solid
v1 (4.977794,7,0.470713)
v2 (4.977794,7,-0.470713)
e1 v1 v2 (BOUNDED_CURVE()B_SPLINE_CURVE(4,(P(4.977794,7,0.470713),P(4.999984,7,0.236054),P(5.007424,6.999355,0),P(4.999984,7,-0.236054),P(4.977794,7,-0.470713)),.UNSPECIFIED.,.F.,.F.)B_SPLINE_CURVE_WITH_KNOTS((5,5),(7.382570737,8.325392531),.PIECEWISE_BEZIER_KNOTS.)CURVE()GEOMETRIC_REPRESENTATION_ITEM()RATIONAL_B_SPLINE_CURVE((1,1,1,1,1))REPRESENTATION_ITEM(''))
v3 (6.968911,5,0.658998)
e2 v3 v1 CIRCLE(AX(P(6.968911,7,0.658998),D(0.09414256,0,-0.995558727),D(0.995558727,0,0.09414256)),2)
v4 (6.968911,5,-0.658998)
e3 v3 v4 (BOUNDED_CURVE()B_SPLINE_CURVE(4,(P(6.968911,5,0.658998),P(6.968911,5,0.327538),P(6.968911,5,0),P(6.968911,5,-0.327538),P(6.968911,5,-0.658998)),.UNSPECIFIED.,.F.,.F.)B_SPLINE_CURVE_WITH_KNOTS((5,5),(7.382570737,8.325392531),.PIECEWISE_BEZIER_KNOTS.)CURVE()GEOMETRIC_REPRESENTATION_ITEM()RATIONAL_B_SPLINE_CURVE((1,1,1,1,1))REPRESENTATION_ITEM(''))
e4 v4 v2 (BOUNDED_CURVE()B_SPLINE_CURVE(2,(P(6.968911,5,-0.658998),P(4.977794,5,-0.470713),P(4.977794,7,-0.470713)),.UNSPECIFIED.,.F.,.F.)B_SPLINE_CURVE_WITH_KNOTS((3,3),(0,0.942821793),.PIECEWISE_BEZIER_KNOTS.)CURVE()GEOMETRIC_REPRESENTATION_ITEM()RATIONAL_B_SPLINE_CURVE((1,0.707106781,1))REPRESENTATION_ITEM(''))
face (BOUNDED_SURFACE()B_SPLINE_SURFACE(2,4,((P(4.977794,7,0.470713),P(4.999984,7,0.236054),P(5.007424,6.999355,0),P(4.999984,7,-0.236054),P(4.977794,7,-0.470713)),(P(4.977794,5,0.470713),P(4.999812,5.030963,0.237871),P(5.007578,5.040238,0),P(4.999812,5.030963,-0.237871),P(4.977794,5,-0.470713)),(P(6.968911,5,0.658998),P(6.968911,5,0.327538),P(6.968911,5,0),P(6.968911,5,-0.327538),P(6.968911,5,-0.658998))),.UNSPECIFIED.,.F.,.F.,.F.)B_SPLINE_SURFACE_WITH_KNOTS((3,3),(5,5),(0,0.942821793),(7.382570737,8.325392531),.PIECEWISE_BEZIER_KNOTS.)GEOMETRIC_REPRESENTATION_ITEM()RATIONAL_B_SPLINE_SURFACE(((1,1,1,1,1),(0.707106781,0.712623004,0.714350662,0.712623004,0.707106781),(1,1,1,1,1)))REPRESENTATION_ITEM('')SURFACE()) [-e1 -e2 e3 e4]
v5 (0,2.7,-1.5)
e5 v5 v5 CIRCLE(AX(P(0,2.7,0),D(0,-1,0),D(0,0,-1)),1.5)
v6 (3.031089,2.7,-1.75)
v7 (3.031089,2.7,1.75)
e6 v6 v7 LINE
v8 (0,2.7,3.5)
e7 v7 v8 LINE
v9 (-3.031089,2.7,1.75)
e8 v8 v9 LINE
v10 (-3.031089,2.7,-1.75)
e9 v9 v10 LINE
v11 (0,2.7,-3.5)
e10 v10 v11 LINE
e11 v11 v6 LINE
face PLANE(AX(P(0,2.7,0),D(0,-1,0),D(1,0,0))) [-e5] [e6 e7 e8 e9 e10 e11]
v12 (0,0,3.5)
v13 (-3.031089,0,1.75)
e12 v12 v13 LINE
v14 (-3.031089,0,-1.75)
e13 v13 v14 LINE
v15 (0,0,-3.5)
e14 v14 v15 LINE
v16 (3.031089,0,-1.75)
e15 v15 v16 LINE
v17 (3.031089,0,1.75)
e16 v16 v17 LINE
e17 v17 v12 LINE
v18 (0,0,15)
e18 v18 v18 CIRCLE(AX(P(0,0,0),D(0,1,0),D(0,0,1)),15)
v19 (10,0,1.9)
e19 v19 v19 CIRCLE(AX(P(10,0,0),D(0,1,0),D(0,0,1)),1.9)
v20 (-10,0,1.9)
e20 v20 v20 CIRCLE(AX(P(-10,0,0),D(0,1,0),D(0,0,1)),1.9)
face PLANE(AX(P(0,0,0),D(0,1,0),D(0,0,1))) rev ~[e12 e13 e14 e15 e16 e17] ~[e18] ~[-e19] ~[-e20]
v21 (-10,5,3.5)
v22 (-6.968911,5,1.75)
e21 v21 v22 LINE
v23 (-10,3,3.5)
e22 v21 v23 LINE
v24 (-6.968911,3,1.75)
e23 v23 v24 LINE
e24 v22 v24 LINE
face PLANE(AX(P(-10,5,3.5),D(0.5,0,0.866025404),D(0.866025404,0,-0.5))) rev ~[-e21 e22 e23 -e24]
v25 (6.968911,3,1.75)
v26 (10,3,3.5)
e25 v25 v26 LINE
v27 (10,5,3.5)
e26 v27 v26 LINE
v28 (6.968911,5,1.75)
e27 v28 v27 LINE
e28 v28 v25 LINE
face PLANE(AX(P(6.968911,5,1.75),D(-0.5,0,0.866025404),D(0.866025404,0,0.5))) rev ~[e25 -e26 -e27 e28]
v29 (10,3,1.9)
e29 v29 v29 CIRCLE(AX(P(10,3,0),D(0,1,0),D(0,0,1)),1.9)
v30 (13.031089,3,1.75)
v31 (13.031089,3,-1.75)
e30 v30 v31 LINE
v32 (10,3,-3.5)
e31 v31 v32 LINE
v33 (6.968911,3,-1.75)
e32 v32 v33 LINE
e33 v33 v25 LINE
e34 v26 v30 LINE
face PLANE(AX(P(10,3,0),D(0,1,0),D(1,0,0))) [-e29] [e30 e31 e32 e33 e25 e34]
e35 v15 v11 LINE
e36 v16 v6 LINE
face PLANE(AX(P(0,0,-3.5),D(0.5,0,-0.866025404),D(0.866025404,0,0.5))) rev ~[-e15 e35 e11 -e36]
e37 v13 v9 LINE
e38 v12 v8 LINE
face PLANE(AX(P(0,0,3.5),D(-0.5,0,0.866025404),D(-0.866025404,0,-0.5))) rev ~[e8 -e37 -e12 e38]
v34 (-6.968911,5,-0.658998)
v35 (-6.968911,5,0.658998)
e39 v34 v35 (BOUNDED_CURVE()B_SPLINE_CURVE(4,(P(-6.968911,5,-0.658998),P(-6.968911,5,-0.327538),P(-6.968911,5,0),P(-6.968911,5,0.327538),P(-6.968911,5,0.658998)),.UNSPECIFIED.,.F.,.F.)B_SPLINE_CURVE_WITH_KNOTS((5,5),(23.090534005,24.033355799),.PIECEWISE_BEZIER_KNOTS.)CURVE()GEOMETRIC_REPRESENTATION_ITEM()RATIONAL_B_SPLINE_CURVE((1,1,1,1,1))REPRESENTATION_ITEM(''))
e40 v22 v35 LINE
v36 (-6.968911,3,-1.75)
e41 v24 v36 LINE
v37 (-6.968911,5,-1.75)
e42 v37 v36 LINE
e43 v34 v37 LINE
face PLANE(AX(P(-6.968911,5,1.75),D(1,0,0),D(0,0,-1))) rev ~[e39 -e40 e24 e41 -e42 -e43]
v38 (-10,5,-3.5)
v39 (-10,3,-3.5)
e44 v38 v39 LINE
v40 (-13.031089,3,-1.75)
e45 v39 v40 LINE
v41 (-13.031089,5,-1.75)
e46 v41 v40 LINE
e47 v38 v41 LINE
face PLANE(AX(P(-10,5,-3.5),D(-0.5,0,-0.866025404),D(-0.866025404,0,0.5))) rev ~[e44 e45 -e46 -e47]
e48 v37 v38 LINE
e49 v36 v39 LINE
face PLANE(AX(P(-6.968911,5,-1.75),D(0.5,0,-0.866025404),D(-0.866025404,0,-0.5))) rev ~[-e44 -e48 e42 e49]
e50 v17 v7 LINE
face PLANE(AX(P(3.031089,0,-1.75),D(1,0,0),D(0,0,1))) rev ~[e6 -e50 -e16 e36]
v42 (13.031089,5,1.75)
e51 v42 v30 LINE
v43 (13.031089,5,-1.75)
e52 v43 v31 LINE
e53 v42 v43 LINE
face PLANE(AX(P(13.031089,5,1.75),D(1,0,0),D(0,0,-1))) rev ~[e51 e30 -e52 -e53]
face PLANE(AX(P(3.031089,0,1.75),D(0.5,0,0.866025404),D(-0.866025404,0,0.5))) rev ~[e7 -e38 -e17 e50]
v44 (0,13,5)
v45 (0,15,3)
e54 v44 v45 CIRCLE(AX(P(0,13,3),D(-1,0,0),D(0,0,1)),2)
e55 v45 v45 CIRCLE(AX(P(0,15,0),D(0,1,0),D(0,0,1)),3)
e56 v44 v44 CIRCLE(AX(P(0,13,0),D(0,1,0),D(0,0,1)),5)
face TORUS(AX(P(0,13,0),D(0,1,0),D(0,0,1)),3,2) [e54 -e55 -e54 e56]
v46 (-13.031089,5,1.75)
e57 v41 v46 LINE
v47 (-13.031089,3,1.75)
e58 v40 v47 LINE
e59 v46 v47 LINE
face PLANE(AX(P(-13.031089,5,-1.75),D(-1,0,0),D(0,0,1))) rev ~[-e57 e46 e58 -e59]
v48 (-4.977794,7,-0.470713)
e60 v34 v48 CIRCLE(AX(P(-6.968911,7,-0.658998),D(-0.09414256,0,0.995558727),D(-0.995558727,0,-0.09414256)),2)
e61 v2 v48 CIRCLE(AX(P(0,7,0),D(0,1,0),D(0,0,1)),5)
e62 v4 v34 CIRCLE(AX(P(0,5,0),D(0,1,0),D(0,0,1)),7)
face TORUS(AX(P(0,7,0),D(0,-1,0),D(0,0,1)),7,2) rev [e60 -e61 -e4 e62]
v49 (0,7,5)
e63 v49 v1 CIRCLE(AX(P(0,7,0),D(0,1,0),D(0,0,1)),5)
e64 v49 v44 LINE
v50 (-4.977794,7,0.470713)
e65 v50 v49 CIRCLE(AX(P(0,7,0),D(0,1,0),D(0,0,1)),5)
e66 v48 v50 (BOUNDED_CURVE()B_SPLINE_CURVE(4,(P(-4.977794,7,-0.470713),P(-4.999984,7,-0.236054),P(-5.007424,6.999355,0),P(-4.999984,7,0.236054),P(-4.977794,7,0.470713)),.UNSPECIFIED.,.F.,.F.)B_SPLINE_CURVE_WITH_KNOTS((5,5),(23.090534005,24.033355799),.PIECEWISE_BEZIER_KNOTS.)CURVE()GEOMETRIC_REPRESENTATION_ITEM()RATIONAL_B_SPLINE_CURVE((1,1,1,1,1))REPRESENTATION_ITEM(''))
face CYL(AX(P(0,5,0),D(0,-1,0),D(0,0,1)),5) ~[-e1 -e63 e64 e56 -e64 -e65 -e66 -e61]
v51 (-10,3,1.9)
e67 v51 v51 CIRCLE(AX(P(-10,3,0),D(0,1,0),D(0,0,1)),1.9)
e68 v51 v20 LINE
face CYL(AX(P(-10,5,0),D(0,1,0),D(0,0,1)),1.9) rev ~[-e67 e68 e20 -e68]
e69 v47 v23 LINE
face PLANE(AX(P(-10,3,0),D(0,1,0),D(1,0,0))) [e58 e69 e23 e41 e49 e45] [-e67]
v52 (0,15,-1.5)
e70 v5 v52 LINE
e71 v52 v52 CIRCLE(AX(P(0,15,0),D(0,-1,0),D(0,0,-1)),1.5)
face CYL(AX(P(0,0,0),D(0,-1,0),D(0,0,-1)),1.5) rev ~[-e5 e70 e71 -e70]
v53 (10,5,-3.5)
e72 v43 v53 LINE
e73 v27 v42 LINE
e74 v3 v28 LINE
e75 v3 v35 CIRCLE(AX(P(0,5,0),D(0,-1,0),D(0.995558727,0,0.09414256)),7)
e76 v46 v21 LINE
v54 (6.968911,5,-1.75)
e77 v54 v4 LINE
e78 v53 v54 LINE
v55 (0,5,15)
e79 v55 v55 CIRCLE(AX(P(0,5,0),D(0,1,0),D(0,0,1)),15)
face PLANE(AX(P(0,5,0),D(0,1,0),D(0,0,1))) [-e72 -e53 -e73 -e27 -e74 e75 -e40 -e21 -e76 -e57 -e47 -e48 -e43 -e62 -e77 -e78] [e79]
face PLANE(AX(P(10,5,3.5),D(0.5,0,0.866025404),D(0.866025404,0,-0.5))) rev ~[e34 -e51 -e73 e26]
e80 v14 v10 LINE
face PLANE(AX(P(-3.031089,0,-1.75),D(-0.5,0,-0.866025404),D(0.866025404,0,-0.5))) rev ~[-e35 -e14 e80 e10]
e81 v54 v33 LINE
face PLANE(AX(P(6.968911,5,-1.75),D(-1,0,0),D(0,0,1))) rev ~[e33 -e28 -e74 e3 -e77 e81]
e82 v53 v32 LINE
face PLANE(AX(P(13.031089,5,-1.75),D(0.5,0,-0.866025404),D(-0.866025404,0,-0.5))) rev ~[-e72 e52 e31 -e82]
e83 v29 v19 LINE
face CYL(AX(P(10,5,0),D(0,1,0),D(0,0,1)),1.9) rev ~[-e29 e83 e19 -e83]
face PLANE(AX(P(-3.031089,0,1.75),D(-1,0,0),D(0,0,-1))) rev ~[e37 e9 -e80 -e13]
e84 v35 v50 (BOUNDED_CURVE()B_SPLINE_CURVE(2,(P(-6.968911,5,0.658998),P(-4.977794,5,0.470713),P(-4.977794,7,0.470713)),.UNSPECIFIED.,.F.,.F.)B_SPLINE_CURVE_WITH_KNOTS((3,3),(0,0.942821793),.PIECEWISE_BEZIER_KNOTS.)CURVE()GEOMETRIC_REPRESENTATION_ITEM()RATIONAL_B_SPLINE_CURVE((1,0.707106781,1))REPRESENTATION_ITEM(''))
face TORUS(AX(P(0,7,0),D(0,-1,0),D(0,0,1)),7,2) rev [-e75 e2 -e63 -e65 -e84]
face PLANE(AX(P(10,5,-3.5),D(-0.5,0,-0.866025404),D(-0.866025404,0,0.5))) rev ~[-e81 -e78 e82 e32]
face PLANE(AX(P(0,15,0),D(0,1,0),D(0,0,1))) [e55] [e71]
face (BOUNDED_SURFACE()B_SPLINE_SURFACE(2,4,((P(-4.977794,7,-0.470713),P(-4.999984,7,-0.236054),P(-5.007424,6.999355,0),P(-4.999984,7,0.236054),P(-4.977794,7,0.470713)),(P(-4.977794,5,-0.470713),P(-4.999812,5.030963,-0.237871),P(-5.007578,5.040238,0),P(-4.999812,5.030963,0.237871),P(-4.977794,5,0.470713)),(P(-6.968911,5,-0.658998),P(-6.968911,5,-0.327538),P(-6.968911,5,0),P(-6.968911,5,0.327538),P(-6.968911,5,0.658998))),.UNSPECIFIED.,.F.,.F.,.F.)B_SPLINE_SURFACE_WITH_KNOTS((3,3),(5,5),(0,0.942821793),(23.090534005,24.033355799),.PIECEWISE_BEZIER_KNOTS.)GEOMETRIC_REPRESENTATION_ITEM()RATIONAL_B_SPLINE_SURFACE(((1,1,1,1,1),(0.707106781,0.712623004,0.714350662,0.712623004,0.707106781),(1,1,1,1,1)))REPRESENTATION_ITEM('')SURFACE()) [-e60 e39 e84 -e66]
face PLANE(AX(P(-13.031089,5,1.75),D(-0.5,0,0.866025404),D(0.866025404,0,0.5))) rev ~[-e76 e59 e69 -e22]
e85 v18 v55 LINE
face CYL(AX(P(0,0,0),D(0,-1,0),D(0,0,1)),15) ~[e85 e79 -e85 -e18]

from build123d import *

# Parameters (mm, degrees)
SKETCH_1_R          = 15
EXTRUDE_1_DEPTH     = 5
SKETCH_2_R          = 1.9
CUT_EXTRUDE_1_DEPTH = 5
CUT_EXTRUDE_2_DEPTH = 2
SKETCH_4_R          = 5
EXTRUDE_2_DEPTH     = 10
FILLET_1_R          = 2
SKETCH_5_R          = 1.5
CUT_EXTRUDE_3_DEPTH = 15
CUT_EXTRUDE_4_DEPTH = 2.7


with BuildPart() as part:
    # Эскиз1 → Бобышка-Вытянуть1 (new body)
    with BuildSketch(Plane(origin=(0, 0, 0), x_dir=(1, 0, 0), z_dir=(0, 1, 0))):
        with Locations(Location((0, 0, 0), (0, 0, 270))):
            Circle(SKETCH_1_R)
    extrude(amount=EXTRUDE_1_DEPTH)

    # Эскиз2 → Вырез-Вытянуть1 (cut)
    with BuildSketch(Plane(origin=(0, 5, 0), x_dir=(1, 0, 0), z_dir=(0, 1, 0))):
        with Locations(Location((-10, 0, 0), (0, 0, 270))):
            Circle(SKETCH_2_R)
        with Locations(Location((10, 0, 0), (0, 0, 270))):
            Circle(SKETCH_2_R)
    extrude(amount=-CUT_EXTRUDE_1_DEPTH, mode=Mode.SUBTRACT)

    # Эскиз3 → Вырез-Вытянуть2 (cut)
    with BuildSketch(Plane(origin=(0, 5, 0), x_dir=(1, 0, 0), z_dir=(0, 1, 0))):
        Polygon((-10, -3.5), (-6.968911087, -1.75), (-6.968911087, 1.75), (-10, 3.5), (-13.031088913, 1.75), (-13.031088913, -1.75), align=None)
        Polygon((10, -3.5), (13.031088913, -1.75), (13.031088913, 1.75), (10, 3.5), (6.968911087, 1.75), (6.968911087, -1.75), align=None)
    extrude(amount=-CUT_EXTRUDE_2_DEPTH, mode=Mode.SUBTRACT)

    # Эскиз4 → Бобышка-Вытянуть2 (add)
    with BuildSketch(Plane(origin=(0, 5, 0), x_dir=(1, 0, 0), z_dir=(0, 1, 0))):
        with Locations(Location((0, 0, 0), (0, 0, 270))):
            Circle(SKETCH_4_R)
    extrude(amount=EXTRUDE_2_DEPTH)

    # Скругление1
    fillet_1_edges = [part.edges().sort_by_distance(p)[0] for p in [
        (0, 5, -5),
        (0, 15, -5),
    ]]
    fillet(fillet_1_edges, radius=FILLET_1_R)

    # Эскиз5 → Вырез-Вытянуть3 (cut)
    with BuildSketch(Plane.XZ):
        with Locations(Location((0, 0, 0), (0, 0, 270))):
            Circle(SKETCH_5_R)
    extrude(amount=-CUT_EXTRUDE_3_DEPTH, mode=Mode.SUBTRACT)

    # Эскиз6 → Вырез-Вытянуть4 (cut)
    with BuildSketch(Plane.XZ):
        Polygon((0, 3.5), (-3.031088913, 1.75), (-3.031088913, -1.75), (0, -3.5), (3.031088913, -1.75), (3.031088913, 1.75), align=None)
    extrude(amount=-CUT_EXTRUDE_4_DEPTH, mode=Mode.SUBTRACT)


solid = part.part
